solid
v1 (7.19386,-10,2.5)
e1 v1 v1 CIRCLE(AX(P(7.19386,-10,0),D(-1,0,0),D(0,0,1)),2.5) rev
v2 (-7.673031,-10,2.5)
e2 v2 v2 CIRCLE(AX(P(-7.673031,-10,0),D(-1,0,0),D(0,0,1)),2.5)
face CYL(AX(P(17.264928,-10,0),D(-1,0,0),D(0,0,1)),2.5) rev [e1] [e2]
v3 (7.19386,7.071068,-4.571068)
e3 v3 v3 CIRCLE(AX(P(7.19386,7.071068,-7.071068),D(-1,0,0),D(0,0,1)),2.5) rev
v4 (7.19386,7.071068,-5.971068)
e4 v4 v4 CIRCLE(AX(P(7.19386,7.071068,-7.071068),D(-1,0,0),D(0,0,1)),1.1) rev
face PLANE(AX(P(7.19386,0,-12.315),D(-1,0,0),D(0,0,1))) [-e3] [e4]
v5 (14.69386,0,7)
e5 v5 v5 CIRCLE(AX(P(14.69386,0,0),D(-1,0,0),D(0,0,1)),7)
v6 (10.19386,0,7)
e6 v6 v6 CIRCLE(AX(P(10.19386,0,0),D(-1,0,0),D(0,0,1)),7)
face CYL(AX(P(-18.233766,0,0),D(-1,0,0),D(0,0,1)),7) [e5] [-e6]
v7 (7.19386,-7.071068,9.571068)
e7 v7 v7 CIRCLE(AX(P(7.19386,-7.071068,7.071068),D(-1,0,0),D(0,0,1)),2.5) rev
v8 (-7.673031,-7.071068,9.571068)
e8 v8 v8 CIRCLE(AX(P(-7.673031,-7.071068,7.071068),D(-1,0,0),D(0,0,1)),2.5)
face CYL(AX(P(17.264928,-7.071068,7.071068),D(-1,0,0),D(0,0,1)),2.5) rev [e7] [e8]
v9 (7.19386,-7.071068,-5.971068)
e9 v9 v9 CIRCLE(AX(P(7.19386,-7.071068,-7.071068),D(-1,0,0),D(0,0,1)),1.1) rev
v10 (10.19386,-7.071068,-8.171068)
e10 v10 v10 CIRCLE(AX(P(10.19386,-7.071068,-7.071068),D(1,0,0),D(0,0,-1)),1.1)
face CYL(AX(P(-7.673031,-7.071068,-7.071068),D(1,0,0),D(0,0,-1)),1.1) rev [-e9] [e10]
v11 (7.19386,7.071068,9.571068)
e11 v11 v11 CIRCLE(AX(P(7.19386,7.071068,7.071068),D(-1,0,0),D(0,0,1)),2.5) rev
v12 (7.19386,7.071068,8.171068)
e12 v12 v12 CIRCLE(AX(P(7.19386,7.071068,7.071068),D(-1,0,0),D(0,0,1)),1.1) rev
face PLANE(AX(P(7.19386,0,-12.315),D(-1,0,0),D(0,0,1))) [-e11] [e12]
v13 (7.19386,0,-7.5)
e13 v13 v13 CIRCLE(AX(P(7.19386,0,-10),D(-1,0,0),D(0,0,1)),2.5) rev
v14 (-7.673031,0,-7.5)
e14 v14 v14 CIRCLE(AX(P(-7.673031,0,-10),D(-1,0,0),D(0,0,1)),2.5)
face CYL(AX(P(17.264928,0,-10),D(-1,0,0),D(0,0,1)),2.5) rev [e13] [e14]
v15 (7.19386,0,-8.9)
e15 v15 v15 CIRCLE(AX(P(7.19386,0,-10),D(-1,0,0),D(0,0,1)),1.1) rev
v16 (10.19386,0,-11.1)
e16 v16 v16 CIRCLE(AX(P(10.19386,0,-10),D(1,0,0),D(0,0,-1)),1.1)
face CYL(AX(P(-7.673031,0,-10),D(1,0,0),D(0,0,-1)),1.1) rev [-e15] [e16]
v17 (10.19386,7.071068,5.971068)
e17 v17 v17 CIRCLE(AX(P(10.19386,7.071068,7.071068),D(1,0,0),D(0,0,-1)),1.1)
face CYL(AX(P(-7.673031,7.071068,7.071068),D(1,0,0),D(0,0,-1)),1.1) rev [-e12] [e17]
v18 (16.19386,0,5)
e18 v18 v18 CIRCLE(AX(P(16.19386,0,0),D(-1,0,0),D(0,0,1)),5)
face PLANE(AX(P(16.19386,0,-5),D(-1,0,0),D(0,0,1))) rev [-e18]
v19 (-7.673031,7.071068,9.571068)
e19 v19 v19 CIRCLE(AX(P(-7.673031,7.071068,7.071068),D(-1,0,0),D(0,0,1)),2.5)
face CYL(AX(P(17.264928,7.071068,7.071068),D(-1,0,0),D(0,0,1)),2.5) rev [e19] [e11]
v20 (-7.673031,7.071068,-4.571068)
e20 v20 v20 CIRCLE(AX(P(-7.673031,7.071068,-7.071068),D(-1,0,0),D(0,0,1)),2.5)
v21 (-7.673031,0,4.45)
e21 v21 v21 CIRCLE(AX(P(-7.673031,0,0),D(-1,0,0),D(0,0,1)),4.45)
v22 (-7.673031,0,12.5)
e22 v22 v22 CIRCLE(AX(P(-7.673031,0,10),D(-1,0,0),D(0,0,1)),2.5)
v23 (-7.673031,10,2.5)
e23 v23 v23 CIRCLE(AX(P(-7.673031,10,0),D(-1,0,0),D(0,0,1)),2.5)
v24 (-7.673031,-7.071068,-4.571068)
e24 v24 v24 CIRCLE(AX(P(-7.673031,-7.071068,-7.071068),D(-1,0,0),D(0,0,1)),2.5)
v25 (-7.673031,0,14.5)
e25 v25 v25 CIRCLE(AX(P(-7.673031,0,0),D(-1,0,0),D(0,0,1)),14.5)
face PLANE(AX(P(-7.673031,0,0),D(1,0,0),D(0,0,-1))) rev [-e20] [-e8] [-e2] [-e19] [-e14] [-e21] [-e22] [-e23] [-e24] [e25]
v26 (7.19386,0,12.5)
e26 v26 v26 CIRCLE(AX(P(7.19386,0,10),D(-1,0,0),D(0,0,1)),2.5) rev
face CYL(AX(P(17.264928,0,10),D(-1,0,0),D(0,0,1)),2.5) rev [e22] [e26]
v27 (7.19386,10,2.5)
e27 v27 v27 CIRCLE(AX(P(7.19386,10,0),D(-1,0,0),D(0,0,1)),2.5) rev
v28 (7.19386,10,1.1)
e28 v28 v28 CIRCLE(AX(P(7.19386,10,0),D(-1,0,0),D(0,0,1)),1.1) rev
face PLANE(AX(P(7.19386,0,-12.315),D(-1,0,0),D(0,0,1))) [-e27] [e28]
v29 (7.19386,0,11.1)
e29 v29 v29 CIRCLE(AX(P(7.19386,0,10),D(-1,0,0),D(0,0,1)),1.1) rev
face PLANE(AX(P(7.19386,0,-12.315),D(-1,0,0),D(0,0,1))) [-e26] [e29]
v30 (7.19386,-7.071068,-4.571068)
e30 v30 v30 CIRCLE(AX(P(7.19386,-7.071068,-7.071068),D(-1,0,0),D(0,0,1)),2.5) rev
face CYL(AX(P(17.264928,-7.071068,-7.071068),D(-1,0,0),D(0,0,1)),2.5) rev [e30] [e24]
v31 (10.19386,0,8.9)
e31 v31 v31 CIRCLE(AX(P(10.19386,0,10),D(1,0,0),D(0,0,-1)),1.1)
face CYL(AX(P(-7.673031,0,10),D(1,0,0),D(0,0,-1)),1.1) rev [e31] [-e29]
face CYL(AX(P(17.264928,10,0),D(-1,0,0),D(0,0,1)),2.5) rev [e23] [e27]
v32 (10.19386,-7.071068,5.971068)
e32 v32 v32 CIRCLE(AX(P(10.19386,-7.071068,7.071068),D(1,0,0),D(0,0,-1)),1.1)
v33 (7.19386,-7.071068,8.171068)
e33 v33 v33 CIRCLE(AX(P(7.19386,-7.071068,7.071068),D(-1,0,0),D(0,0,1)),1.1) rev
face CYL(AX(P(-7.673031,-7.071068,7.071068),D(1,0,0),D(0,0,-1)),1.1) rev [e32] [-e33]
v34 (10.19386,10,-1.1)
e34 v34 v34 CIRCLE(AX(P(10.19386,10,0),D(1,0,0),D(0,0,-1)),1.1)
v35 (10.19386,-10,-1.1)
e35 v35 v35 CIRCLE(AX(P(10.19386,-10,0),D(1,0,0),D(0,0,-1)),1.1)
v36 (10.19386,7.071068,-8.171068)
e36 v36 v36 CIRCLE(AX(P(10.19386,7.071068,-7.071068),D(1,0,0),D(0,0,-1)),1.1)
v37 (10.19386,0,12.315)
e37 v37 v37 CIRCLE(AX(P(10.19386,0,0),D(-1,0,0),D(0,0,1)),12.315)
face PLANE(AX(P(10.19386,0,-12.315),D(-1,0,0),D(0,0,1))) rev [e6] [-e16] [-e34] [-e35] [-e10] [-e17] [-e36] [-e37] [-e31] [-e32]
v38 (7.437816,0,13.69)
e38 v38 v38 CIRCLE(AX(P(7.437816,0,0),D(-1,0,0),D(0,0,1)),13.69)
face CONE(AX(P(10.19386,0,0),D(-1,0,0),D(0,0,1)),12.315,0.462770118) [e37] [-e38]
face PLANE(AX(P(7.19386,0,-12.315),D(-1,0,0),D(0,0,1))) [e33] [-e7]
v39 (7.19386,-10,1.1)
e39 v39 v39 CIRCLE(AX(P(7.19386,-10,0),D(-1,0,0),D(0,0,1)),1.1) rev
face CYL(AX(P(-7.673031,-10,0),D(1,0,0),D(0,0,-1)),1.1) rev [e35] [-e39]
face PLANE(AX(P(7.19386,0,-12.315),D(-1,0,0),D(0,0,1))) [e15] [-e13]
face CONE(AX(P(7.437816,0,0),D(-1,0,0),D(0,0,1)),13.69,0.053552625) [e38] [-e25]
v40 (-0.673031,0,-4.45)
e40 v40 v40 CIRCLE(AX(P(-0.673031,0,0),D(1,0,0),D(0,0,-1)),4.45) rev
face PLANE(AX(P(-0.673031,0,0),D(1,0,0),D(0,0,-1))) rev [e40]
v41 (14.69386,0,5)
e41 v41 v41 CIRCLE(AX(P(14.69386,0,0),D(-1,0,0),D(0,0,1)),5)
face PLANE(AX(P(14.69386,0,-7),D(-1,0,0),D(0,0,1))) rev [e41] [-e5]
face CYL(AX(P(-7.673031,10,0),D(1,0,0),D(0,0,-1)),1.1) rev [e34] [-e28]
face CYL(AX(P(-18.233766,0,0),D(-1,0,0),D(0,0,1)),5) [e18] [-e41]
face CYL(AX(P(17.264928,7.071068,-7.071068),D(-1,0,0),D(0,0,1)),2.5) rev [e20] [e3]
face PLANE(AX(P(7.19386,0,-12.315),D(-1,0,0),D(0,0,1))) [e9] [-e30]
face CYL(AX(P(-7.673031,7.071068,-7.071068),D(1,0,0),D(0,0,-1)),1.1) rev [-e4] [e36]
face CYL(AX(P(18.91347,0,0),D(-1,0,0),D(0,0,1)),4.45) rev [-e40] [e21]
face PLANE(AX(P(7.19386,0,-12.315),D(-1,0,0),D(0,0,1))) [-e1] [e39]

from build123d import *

# Parameters (mm, degrees)
SKETCH2_R          = 4.45
CUT_EXTRUDE1_DEPTH = 7
SKETCH3_R          = 1.1
CUT_EXTRUDE2_DEPTH = 18.866890468
SKETCH4_R          = 2.5
CUT_EXTRUDE3_DEPTH = 14.86689


with BuildPart() as part:
    # Sketch1 → Revolve1 (revolve)
    with BuildSketch(Plane(origin=(0, 0, 0), x_dir=(1, 0, 0), z_dir=(0, 1, 0))):
        Polygon((10.193859716, 12.315), (10.193859716, 7), (14.693859716, 7), (14.693859716, 5), (16.193859716, 5), (16.193859716, 0), (-7.673030752, 0), (-7.673030752, 14.5), (7.437816357, 13.69), align=None)
    revolve(axis=Axis((-18.233766234, 0, 0), (1, 0, 0)))

    # Sketch2 → Cut-Extrude1 (cut)
    with BuildSketch(Plane.ZY.offset(7.673030752)):
        Circle(SKETCH2_R)
    extrude(amount=-CUT_EXTRUDE1_DEPTH, mode=Mode.SUBTRACT)

    # Sketch3 → Cut-Extrude2 (cut, through all)
    with BuildSketch(Plane(origin=(10.193859716, 0, 0), x_dir=(0, 0, -1), z_dir=(1, 0, 0))):
        with Locations((0, 10)):
            Circle(SKETCH3_R)
        with Locations((7.071067812, 7.071067812)):
            Circle(SKETCH3_R)
        with Locations((10, 0)):
            Circle(SKETCH3_R)
        with Locations((7.071067812, -7.071067812)):
            Circle(SKETCH3_R)
        with Locations((0, -10)):
            Circle(SKETCH3_R)
        with Locations((-7.071067812, -7.071067812)):
            Circle(SKETCH3_R)
        with Locations((-10, 0)):
            Circle(SKETCH3_R)
        with Locations((-7.071067812, 7.071067812)):
            Circle(SKETCH3_R)
    extrude(amount=-CUT_EXTRUDE2_DEPTH, mode=Mode.SUBTRACT)

    # Sketch4 → Cut-Extrude3 (cut)
    with BuildSketch(Plane.ZY.offset(7.673030752)):
        with Locations((0, 10)):
            Circle(SKETCH4_R)
        with Locations((7.071067812, 7.071067812)):
            Circle(SKETCH4_R)
        with Locations((10, 0)):
            Circle(SKETCH4_R)
        with Locations((7.071067812, -7.071067812)):
            Circle(SKETCH4_R)
        with Locations((0, -10)):
            Circle(SKETCH4_R)
        with Locations((-7.071067812, -7.071067812)):
            Circle(SKETCH4_R)
        with Locations((-10, 0)):
            Circle(SKETCH4_R)
        with Locations((-7.071067812, 7.071067812)):
            Circle(SKETCH4_R)
    extrude(amount=-CUT_EXTRUDE3_DEPTH, mode=Mode.SUBTRACT)


solid = part.part
